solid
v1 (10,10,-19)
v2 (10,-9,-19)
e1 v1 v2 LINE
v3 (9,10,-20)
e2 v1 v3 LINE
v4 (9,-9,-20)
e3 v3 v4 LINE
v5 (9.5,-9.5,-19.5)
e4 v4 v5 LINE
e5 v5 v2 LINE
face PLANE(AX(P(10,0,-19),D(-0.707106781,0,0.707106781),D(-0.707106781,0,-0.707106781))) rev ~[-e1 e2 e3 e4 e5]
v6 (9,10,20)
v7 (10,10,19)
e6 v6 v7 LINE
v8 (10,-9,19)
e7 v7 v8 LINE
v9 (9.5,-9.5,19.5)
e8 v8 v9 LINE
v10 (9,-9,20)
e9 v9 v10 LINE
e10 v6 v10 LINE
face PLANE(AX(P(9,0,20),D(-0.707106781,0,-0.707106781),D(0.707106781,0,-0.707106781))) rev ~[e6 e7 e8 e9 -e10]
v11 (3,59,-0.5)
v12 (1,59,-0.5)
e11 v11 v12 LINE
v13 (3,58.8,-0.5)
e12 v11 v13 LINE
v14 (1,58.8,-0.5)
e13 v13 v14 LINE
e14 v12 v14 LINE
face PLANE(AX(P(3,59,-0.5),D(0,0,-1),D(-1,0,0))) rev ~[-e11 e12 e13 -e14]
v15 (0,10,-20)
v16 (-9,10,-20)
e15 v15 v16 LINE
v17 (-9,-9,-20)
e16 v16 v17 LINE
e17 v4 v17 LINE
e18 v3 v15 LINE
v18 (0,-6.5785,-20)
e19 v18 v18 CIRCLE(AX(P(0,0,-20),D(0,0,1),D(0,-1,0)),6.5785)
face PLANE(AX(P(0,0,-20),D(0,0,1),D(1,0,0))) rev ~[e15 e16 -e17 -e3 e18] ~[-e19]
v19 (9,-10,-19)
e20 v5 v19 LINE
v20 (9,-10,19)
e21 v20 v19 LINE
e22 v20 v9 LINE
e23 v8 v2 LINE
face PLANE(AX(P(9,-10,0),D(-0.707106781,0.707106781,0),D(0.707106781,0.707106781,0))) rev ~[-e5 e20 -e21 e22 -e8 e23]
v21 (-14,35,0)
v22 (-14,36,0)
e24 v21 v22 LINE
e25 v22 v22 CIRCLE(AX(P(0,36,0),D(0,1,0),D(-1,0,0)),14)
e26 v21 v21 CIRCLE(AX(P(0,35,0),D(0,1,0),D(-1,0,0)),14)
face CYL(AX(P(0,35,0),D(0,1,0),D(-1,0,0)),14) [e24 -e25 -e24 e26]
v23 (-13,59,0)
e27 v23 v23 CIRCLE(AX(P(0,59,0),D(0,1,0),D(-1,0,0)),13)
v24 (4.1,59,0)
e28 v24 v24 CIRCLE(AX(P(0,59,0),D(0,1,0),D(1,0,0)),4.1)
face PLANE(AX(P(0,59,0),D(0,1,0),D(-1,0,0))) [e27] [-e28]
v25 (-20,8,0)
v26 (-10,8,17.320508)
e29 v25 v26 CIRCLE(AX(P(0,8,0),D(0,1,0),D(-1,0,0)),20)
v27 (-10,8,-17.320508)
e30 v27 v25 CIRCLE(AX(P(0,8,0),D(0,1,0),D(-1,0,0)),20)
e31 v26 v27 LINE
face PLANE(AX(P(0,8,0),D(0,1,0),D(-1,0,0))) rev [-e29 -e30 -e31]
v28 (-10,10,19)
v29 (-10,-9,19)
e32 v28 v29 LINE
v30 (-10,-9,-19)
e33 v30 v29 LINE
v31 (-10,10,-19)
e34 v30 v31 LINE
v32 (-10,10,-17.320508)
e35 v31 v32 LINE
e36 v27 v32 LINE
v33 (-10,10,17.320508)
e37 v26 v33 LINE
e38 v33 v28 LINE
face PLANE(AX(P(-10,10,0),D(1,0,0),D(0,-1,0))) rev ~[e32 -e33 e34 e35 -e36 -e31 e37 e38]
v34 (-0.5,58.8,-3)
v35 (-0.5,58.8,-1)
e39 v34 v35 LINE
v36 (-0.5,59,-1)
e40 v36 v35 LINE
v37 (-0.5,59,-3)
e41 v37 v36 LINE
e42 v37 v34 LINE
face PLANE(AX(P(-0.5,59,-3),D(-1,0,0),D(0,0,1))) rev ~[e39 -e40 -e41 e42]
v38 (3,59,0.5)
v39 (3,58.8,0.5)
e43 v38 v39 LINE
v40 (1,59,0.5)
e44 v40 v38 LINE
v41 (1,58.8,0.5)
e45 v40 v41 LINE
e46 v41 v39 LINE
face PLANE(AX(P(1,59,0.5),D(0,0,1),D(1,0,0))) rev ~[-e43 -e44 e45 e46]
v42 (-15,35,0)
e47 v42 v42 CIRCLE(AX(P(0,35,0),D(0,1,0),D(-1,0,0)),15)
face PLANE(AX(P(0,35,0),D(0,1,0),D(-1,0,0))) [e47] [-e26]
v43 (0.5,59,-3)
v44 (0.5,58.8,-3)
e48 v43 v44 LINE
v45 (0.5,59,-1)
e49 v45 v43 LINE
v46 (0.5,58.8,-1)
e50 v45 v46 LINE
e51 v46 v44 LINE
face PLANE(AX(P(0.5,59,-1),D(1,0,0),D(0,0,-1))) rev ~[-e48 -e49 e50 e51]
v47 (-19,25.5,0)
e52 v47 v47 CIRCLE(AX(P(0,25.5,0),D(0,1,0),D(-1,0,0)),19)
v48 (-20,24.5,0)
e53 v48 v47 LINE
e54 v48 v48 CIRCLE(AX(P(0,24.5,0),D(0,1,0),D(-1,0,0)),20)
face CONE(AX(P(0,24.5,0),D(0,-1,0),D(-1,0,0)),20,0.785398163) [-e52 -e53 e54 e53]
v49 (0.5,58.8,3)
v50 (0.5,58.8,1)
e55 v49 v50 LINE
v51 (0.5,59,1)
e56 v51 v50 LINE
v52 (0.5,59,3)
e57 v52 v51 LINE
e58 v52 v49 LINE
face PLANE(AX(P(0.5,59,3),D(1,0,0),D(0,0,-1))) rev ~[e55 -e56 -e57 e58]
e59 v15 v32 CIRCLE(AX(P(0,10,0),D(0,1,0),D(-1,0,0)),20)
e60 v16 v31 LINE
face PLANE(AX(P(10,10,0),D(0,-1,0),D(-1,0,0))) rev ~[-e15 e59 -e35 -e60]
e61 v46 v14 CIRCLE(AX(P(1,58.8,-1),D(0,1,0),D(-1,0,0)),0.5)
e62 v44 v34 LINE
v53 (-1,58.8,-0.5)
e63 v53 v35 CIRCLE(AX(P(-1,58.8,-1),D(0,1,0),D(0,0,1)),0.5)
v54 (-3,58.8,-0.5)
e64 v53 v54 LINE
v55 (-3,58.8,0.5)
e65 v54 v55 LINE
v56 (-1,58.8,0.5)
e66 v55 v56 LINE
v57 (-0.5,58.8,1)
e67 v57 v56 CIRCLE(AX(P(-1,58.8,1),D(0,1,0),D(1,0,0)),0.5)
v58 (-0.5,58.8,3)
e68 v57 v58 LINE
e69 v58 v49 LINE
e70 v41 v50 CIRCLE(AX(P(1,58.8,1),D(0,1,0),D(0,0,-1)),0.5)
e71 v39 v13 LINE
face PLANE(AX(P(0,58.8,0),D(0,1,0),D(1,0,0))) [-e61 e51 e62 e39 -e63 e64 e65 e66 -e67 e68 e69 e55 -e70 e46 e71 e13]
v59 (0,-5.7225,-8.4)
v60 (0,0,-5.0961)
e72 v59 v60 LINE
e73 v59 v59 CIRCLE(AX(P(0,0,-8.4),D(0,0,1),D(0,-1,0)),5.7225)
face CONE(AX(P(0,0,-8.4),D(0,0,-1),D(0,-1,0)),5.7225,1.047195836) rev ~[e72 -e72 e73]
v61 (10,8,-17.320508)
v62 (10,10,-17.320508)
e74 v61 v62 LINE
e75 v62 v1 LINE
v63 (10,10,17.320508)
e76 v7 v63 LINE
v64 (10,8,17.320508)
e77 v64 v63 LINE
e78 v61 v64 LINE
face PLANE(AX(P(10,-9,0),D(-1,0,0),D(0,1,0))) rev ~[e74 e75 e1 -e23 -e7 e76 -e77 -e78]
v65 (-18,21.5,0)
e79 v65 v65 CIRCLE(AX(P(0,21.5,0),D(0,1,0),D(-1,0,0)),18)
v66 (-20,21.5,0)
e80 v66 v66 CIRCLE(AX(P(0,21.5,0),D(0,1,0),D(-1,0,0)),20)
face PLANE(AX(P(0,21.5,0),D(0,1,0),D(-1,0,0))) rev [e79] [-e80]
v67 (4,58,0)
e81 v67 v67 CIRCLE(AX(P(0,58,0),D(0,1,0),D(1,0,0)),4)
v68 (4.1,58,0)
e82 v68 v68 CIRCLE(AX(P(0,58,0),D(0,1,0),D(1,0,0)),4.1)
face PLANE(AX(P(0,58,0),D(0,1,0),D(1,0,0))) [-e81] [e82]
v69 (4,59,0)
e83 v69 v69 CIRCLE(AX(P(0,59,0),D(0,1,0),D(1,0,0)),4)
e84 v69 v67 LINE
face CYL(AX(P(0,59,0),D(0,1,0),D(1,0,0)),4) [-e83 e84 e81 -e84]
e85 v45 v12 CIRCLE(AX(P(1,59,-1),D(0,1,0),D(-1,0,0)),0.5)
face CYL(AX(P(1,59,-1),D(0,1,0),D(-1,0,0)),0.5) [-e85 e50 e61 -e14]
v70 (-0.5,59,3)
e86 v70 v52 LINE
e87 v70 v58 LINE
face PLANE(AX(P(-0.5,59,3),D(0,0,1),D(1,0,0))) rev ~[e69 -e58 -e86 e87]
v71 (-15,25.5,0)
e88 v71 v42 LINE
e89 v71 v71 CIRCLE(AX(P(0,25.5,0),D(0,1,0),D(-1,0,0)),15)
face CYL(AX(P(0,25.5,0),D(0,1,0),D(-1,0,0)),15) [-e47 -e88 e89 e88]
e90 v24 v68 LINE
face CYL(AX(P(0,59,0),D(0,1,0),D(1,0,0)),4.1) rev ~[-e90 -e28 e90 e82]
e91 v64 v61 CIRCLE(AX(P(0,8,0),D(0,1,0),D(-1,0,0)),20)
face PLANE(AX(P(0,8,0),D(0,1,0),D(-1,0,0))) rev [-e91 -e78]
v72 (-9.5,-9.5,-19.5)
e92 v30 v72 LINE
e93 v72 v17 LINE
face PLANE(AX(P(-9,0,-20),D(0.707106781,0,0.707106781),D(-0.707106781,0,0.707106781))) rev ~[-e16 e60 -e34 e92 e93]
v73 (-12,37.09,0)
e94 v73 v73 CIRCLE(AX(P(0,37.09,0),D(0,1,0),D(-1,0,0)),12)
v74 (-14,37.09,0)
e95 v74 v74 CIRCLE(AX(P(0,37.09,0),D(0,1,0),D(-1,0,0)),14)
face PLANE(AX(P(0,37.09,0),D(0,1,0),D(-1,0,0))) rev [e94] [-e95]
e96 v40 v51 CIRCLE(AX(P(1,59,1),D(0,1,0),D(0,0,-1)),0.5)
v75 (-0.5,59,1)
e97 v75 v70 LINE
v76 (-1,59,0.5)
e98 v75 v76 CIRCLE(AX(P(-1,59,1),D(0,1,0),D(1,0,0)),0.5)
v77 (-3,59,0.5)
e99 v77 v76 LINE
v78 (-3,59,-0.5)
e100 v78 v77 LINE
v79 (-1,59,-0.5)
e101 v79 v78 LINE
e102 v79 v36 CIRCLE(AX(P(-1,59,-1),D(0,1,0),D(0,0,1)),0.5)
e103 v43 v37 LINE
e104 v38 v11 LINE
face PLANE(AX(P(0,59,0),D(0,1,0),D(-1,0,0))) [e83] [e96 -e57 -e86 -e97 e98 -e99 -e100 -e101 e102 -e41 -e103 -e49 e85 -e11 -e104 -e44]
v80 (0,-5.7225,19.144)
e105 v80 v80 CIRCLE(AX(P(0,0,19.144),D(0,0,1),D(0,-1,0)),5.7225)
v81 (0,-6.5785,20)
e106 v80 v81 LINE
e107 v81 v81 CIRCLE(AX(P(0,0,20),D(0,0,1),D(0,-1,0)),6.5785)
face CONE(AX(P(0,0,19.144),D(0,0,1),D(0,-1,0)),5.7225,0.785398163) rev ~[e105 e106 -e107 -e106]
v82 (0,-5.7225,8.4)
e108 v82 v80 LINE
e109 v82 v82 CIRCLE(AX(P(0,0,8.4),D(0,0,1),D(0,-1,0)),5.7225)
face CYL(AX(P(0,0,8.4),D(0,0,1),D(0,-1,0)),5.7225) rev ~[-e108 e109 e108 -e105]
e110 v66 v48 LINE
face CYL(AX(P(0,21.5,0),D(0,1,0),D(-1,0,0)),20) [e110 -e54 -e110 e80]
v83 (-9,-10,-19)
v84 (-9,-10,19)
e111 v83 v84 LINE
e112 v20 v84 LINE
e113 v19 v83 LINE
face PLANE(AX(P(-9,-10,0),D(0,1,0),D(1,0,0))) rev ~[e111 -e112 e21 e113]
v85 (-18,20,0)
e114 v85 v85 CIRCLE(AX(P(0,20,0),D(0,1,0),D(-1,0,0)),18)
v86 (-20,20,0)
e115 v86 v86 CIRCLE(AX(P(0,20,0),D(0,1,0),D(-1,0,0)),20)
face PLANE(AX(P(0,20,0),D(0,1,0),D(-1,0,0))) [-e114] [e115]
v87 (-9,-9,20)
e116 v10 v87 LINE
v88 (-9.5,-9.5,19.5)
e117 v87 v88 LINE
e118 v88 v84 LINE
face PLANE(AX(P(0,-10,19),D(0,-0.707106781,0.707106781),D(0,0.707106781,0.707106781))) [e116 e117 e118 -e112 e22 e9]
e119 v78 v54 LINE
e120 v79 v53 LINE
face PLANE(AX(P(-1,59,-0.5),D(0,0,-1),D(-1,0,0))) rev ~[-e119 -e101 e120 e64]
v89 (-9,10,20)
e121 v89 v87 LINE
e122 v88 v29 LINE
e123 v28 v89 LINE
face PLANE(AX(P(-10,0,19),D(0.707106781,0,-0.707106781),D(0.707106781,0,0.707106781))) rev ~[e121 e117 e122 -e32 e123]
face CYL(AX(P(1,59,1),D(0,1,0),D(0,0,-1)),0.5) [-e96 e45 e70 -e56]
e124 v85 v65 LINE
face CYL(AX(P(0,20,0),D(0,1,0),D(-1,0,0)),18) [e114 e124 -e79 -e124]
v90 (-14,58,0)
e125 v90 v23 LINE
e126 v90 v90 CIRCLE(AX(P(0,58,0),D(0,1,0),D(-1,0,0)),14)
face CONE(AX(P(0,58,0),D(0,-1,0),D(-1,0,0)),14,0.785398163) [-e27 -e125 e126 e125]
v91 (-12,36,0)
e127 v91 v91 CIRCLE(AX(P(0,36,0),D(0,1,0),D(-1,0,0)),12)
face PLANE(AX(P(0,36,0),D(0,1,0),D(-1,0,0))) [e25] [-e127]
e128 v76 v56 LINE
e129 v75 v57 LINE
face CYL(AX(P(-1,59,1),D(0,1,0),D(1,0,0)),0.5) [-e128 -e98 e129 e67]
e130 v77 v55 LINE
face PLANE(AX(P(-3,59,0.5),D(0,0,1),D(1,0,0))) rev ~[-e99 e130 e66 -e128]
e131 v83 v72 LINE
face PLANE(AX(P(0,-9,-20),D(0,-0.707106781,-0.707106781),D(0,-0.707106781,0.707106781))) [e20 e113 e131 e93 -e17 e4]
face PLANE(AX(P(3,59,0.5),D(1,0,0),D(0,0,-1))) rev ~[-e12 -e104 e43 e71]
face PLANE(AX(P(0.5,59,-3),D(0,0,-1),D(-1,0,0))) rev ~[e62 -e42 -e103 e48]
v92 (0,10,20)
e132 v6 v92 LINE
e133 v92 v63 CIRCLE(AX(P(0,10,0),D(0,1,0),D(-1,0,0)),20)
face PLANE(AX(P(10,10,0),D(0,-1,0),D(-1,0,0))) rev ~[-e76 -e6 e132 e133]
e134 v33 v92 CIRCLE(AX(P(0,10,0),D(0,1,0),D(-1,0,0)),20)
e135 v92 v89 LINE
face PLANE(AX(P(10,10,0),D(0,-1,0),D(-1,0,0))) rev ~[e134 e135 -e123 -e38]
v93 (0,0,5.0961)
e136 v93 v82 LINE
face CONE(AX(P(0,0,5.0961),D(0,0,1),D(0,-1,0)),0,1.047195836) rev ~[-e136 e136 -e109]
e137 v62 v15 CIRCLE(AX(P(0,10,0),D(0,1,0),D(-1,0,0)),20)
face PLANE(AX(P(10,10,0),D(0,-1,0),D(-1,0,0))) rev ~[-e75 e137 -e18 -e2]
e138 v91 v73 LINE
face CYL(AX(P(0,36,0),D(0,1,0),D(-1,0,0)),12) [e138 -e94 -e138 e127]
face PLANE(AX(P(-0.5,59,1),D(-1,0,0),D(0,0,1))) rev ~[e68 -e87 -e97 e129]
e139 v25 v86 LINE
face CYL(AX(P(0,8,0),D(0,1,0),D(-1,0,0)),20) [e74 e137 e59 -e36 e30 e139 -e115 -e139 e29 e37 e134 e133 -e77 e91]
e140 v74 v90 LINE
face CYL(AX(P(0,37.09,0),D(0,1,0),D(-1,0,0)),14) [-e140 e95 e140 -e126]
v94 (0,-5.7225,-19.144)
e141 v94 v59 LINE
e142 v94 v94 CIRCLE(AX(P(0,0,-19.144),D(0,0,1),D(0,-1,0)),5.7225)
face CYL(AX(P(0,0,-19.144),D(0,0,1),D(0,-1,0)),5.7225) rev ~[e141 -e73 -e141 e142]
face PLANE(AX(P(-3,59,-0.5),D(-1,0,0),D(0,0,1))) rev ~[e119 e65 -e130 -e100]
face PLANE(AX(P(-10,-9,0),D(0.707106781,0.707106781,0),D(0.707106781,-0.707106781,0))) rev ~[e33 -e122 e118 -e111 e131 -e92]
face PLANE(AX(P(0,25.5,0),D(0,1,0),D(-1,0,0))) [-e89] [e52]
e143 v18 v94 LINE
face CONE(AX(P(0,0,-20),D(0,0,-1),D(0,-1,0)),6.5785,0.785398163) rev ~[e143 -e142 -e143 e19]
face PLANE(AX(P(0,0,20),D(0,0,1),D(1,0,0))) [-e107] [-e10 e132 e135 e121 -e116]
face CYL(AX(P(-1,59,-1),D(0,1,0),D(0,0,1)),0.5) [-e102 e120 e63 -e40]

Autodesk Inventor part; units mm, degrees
sketch "Sketch_1" plane through (0, 0, 0) normal (0, 0, 1) x (1, 0, 0)
  line L0 (-10, 10) -> (-10, -9)
  line L1 (-10, -9) -> (-9, -10)
  line L2 (-9, -10) -> (9, -10)
  line L3 (9, -10) -> (10, -9)
  line L4 (10, -9) -> (10, 10)
  line L5 (10, 10) -> (-10, 10)
extrude "Extrusion1" add sketch "Sketch_1" along normal mid plane 40
sketch "Sketch_2" plane through (0, 0, 0) normal (0, 1, 0) x (-1, 0, 0)
  line L0 (15, 25) -> (-15, 25)
  line L1 (-15, 25) -> (-15, -25)
  line L2 (-15, -25) -> (15, -25)
  line L3 (15, -25) -> (15, 25)
  line L4 (10, -19) -> (10, 19)
  line L5 (10, 19) -> (9, 20)
  line L6 (9, 20) -> (-9, 20)
  line L7 (-9, 20) -> (-10, 19)
  line L8 (-10, 19) -> (-10, -19)
  line L9 (-10, -19) -> (-9, -20)
  line L10 (-9, -20) -> (9, -20)
  line L11 (9, -20) -> (10, -19)
extrude "Extrusion2" cut sketch "Sketch_2" along normal mid plane 40
sketch "Sketch_3" plane through (0, 0, 0) normal (1, 0, 0) x (0, 1, 0)
  line L0 (15, 25) -> (-15, 25)
  line L1 (-15, 25) -> (-15, -25)
  line L2 (-15, -25) -> (15, -25)
  line L3 (15, -25) -> (15, -20)
  line L4 (15, -20) -> (-9, -20)
  line L5 (-9, -20) -> (-10, -19)
  line L6 (-10, -19) -> (-10, 19)
  line L7 (-10, 19) -> (-9, 20)
  line L8 (-9, 20) -> (15, 20)
  line L9 (15, 20) -> (15, 25)
extrude "Extrusion3" cut sketch "Sketch_3" along normal mid plane 20
sketch "Sketch_4" plane through (0, 0, 0) normal (0, 0, 1) x (1, 0, 0)
  line L0 (0, 59) -> (0, 8)
  line L1 (0, 8) -> (-20, 8)
  line L2 (-20, 8) -> (-20, 20)
  line L3 (-20, 20) -> (-18, 20)
  line L4 (-18, 20) -> (-18, 21.5)
  line L5 (-18, 21.5) -> (-20, 21.5)
  line L6 (-20, 21.5) -> (-20, 24.5)
  line L7 (-20, 24.5) -> (-19, 25.5)
  line L8 (-19, 25.5) -> (-15, 25.5)
  line L9 (-15, 25.5) -> (-15, 35)
  line L10 (-15, 35) -> (-14, 35)
  line L11 (-14, 35) -> (-14, 36)
  line L12 (-14, 36) -> (-12, 36)
  line L13 (-12, 36) -> (-12, 37.09)
  line L14 (-12, 37.09) -> (-14, 37.09)
  line L15 (-14, 37.09) -> (-14, 58)
  line L16 (-14, 58) -> (-13, 59)
  line L17 (-13, 59) -> (0, 59)
  line L18 (0, 59) -> (0, 8)
revolve "Revolution1" add sketch "Sketch_4" angle 360 about axis through (0, 59, 0) along (0, 1, 0)
thread "Thread1" size "M30x3.5" class "6g" standard "ISO Metric profile" full length
sketch "Sketch_5" plane through (0, 0, 0) normal (1, 0, 0) x (0, 1, 0)
  line L0 (0, 20) -> (0, 5.0961)
  line L1 (0, 5.0961) -> (-5.7225, 8.4)
  line L2 (-5.7225, 8.4) -> (-5.7225, 19.144)
  line L3 (-5.7225, 19.144) -> (-6.5785, 20)
  line L4 (-6.5785, 20) -> (0, 20)
  line L5 (0, 20) -> (0, 5.0961)
revolve "Revolution2" cut sketch "Sketch_5" angle 360 about axis through (0, 0, 20) along (0, 0, 1)
thread "Thread2" size "G13.157x1.337" designation "G 1/4" standard "ISO Pipe Threads" full length
sketch "Sketch_6" plane through (0, 0, 0) normal (1, 0, 0) x (0, 1, 0)
  line L0 (0, -5.0961) -> (0, -20)
  line L1 (0, -20) -> (-6.5785, -20)
  line L2 (-6.5785, -20) -> (-5.7225, -19.144)
  line L3 (-5.7225, -19.144) -> (-5.7225, -8.4)
  line L4 (-5.7225, -8.4) -> (0, -5.0961)
  line L5 (0, -5.0961) -> (0, -20)
revolve "Revolution3" cut sketch "Sketch_6" angle 360 about axis through (0, 0, -5.0961) along (0, 0, 1)
thread "Thread3" size "G13.157x1.337" designation "G 1/4" standard "ISO Pipe Threads" full length
sketch "Sketch_10" plane through (0, 59, 0) normal (0, 1, 0) x (1, 0, 0)
  line L0 (-3, -0.5) -> (-1, -0.5)
  arc A0 (-0.5, -1) -> (-1, -0.5) centre (-1, -1) ccw
  line L1 (-0.5, -1) -> (-0.5, -3)
  line L2 (-0.5, -3) -> (0.5, -3)
  line L3 (0.5, -3) -> (0.5, -1)
  arc A1 (1, -0.5) -> (0.5, -1) centre (1, -1) ccw
  line L4 (1, -0.5) -> (3, -0.5)
  line L5 (3, -0.5) -> (3, 0.5)
  line L6 (3, 0.5) -> (1, 0.5)
  arc A2 (0.5, 1) -> (1, 0.5) centre (1, 1) ccw
  line L7 (0.5, 1) -> (0.5, 3)
  line L8 (0.5, 3) -> (-0.5, 3)
  line L9 (-0.5, 3) -> (-0.5, 1)
  arc A3 (-1, 0.5) -> (-0.5, 1) centre (-1, 1) ccw
  line L10 (-1, 0.5) -> (-3, 0.5)
  line L11 (-3, 0.5) -> (-3, -0.5)
extrude "Extrusion4" cut sketch "Sketch_10" against normal blind 0.2
sketch "Sketch_11" plane through (0, 59, 0) normal (0, 1, 0) x (1, 0, 0)
  circle A0 centre (0, 0) radius 4.1
  circle A1 centre (0, 0) radius 4
extrude "Extrusion5" cut sketch "Sketch_11" against normal blind 1
ref_plane "body_dummy_XY" through (0, 0, 0) normal (0, 0, -1) x (1, 0, 0)
ref_plane "body_dummy_YZ" through (0, 0, 0) normal (1, 0, 0) x (0, -1, 0)
ref_plane "body_dummy_ZX" through (0, 0, 0) normal (0, -1, 0) x (0, 0, -1)
ref_plane "body_nut_XY" through (0, 27.1, 0) normal (0, 1, 0) x (1, 0, 0)
ref_plane "body_nut_YZ" through (0, 27.1, 0) normal (1, 0, 0) x (0, 0, -1)
ref_plane "body_nut_ZX" through (0, 27.1, 0) normal (0, 0, -1) x (0, 1, 0)
properties part number "AP100-02_BODY"
